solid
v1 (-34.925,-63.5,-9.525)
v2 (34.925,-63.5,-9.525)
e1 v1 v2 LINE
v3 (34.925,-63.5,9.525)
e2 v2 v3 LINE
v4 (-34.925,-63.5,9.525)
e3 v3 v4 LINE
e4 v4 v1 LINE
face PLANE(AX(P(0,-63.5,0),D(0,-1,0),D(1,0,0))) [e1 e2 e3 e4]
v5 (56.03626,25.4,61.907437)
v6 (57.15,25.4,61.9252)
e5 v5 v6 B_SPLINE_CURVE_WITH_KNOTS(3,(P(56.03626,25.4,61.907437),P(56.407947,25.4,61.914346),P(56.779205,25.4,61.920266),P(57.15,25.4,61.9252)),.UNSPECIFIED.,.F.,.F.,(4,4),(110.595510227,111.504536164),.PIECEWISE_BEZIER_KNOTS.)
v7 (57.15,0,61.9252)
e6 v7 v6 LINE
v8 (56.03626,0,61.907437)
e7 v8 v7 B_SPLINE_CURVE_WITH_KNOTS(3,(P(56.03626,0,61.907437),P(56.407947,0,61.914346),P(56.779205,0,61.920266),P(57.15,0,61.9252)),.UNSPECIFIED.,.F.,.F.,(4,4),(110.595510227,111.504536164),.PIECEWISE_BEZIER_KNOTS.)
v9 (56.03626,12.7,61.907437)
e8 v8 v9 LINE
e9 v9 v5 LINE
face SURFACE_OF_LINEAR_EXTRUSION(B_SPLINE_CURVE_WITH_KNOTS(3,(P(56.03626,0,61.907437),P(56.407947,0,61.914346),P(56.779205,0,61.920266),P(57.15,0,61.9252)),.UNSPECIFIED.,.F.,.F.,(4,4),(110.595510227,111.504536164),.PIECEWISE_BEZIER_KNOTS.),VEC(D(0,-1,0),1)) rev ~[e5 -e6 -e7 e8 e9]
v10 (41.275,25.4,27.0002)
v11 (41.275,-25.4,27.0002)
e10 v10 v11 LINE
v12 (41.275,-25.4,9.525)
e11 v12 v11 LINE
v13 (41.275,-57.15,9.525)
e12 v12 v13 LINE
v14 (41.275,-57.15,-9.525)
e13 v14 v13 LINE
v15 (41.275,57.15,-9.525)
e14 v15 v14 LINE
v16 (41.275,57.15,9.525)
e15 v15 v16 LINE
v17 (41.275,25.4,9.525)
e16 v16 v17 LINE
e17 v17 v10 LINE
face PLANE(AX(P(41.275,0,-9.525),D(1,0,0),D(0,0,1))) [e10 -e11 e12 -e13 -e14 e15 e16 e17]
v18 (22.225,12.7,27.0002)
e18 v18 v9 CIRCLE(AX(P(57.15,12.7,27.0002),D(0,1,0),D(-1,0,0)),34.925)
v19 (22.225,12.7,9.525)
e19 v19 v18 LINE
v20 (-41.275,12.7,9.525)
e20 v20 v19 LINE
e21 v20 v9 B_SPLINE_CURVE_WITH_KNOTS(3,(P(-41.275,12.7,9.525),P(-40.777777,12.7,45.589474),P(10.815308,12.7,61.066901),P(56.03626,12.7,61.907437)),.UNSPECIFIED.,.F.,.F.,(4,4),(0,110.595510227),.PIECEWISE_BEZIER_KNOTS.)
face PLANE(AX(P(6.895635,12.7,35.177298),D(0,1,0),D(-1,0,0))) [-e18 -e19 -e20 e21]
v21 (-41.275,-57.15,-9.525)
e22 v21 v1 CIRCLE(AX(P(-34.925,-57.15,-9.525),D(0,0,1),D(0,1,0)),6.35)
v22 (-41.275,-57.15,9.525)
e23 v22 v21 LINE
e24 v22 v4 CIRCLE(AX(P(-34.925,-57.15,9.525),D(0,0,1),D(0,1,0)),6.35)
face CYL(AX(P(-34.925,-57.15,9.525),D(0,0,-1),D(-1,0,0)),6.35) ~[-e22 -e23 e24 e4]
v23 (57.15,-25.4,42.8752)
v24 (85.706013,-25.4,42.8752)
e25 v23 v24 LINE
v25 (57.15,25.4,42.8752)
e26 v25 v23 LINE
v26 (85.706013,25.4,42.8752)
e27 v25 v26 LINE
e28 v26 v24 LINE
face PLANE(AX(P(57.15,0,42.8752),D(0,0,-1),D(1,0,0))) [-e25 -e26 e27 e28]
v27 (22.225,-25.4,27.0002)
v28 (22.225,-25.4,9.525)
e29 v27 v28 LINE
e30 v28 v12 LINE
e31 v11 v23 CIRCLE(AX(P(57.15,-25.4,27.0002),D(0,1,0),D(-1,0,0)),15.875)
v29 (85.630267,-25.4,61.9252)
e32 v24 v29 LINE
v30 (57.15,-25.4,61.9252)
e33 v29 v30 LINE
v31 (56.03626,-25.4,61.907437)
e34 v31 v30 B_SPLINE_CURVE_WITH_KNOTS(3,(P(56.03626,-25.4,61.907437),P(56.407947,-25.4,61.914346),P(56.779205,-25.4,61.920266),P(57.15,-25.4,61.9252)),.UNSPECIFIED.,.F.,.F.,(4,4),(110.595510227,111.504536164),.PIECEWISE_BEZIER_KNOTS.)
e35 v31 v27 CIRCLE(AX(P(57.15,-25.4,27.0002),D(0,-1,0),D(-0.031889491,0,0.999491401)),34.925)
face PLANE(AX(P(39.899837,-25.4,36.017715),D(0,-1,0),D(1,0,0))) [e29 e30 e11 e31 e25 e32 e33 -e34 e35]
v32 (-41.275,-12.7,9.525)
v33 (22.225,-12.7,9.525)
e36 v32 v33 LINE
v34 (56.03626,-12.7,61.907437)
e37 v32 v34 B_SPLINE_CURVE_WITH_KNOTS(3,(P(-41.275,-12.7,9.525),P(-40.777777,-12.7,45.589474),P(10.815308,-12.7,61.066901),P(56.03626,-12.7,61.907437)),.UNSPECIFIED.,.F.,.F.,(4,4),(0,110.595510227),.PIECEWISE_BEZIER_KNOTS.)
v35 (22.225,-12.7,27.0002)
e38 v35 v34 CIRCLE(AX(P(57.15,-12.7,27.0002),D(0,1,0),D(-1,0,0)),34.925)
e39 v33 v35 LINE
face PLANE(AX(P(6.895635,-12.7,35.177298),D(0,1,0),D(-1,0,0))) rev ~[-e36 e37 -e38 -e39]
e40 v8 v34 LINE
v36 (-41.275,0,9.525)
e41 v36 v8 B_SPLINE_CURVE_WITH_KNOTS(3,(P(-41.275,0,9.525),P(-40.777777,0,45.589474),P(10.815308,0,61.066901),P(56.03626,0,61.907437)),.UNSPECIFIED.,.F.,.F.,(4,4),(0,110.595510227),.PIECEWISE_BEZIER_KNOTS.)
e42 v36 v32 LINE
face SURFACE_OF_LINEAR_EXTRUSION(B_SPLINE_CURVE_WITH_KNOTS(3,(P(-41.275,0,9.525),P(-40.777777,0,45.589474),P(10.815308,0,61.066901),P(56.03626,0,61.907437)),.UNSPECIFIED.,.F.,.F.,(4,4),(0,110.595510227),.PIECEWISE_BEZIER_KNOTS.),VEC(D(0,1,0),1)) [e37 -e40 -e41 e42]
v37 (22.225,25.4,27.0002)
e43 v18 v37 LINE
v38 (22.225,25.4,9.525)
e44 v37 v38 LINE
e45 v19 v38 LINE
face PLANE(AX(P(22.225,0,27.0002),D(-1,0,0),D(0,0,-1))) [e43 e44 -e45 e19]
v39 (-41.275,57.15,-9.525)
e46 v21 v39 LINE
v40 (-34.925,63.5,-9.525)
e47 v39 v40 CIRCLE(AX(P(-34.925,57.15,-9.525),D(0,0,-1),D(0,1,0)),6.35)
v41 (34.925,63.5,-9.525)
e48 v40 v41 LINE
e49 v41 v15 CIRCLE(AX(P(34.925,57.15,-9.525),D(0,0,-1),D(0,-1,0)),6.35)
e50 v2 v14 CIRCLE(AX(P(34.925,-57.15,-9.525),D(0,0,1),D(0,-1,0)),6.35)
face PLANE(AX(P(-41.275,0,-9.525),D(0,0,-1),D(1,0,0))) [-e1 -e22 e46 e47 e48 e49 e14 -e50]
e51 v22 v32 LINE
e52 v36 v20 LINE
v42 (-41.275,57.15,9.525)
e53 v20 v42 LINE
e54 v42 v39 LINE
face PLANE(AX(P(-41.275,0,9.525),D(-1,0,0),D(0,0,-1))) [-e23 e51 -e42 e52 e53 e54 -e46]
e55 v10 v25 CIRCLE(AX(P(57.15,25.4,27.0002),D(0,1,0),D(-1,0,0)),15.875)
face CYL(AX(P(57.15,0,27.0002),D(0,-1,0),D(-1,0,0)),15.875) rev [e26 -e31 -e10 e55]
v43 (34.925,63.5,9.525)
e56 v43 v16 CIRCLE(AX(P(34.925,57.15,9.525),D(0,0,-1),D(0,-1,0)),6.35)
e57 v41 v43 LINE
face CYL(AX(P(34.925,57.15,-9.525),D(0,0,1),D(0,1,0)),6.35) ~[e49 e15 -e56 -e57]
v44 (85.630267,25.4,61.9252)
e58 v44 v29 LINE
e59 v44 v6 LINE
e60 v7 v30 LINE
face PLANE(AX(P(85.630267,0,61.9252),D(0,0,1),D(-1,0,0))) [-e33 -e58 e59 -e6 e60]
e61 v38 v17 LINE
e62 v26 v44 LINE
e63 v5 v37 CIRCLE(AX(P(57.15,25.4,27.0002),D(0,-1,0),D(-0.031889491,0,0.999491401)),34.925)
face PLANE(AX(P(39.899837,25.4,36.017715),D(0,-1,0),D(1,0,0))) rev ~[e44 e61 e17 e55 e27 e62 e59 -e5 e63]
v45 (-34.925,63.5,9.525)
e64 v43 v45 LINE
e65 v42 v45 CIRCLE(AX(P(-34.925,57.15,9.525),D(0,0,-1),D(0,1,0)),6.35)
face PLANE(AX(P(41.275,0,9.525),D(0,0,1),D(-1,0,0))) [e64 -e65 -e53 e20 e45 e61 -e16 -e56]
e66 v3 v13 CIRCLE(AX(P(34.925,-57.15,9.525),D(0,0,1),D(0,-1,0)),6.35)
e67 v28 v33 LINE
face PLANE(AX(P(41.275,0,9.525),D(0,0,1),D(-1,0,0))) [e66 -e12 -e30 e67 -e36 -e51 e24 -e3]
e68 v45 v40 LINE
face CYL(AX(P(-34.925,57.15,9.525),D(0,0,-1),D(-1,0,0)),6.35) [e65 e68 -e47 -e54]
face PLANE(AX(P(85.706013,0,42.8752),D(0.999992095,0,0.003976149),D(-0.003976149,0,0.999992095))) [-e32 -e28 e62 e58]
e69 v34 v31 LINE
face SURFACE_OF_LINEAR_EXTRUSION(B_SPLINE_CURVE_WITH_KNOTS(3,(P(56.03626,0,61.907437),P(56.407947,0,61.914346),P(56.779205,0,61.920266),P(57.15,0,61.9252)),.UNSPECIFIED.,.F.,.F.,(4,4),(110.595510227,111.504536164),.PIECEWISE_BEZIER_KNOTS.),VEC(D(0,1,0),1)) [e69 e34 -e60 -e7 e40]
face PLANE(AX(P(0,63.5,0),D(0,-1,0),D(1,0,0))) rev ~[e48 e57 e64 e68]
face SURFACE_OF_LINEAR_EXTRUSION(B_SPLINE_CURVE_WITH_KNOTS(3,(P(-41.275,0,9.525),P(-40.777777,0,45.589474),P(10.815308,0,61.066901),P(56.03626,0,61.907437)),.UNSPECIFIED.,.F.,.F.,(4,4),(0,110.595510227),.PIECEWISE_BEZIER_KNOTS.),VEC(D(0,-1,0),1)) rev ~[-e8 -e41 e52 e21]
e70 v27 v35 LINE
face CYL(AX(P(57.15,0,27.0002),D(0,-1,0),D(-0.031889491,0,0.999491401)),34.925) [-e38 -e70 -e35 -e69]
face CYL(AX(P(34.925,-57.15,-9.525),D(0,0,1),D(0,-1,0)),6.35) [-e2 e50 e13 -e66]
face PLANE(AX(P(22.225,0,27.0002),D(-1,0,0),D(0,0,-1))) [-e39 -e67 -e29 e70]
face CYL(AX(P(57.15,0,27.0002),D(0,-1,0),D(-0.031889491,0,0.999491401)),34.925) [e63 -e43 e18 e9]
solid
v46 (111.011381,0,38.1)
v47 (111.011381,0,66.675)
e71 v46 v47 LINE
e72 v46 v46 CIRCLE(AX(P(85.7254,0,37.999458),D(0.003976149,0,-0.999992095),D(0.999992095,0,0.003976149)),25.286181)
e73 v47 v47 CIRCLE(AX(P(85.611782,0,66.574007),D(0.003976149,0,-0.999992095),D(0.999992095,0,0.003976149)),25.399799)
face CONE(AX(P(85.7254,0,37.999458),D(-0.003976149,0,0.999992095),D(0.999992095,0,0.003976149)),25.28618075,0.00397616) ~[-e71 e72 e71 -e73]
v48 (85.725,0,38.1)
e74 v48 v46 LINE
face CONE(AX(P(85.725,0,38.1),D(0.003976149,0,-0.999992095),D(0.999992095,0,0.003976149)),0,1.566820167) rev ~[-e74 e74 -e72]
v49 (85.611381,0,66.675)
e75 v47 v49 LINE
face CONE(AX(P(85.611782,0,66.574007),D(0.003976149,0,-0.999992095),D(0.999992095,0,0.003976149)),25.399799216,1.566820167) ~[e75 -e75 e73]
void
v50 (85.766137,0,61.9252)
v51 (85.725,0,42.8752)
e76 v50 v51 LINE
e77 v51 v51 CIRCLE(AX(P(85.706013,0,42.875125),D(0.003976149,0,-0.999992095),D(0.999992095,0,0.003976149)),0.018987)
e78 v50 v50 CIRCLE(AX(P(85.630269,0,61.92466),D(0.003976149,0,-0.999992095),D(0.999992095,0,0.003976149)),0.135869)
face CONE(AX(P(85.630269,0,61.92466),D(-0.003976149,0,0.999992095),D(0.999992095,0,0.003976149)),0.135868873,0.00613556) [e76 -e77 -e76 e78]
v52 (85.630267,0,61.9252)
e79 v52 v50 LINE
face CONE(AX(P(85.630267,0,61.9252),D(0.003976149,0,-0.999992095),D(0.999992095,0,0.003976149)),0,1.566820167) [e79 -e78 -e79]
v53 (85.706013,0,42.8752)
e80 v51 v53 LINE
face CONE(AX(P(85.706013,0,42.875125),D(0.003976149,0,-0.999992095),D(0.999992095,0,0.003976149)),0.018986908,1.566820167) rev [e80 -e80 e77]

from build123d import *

# Parameters (mm, degrees)
F1_DEPTH = 63.5
F2_DEPTH = 25.4
F3_DEPTH = 12.7
F5_R     = 6.35


with BuildPart() as f1:
    # F0 (on Front) → F1 (new body, symmetric)
    with BuildSketch(Plane.XZ):
        Polygon((-41.275, -9.525), (41.275, -9.525), (41.275, 9.525), (22.225, 9.525), (-41.275, 9.525), align=None)
    extrude(amount=F1_DEPTH, both=True)

    # F0 (on Front) → F2 (join, symmetric)
    with BuildSketch(Plane.XZ):
        with BuildLine():
            Line((22.225, 9.525), (41.275, 9.525))
            Line((41.275, 9.525), (41.275, 27.0002))
            ThreePointArc((41.275, 27.0002), (45.9246798487, 38.2255201513), (57.15, 42.8752))
            Line((57.15, 42.8752), (60.2113806367, 42.8752))
            Line((60.2113806367, 42.8752), (60.2113806367, 61.9252))
            Line((60.2113806367, 61.9252), (57.15, 61.9252))
            add(Edge.make_bspline(
                [(56.0362595427, 61.907437175), (56.4079474882, 61.9143458561), (56.7792049443, 61.9202656965), (57.15, 61.9252)],
                knots=[110.5955102267, 110.5955102267, 110.5955102267, 110.5955102267, 111.5045361635, 111.5045361635, 111.5045361635, 111.5045361635], degree=3))
            ThreePointArc((56.0362595427, 61.907437175), (32.0636191284, 51.298947288), (22.225, 27.0002))
            Line((22.225, 27.0002), (22.225, 9.525))
        make_face()
        Polygon((60.2113806367, 61.9252), (60.2113806367, 42.8752), (85.706012942, 42.8752), (85.6302666997, 61.9252), align=None)
    extrude(amount=F2_DEPTH, both=True)

    # F0 (on Front) → F3 (join, symmetric)
    with BuildSketch(Plane.XZ):
        with BuildLine():
            add(Edge.make_bspline(
                [(-41.275, 9.525), (-40.7777766122, 45.5894744697), (10.8153078523, 61.0669010776), (56.0362595427, 61.907437175)],
                knots=[0, 0, 0, 0, 110.5955102267, 110.5955102267, 110.5955102267, 110.5955102267], degree=3))
            Line((-41.275, 9.525), (22.225, 9.525))
            Line((22.225, 9.525), (22.225, 27.0002))
            ThreePointArc((22.225, 27.0002), (32.0636191284, 51.298947288), (56.0362595427, 61.907437175))
        make_face()
    extrude(amount=F3_DEPTH, both=True)

    # F5
    f5_edges = [f1.edges().sort_by_distance(p)[0] for p in [
        (41.275, -63.5, 0),
        (-41.275, -63.5, 0),
        (41.275, 63.5, 0),
        (-41.275, 63.5, 0),
    ]]
    fillet(f5_edges, radius=F5_R)


with BuildPart() as f4:
    # F0 (on Front) → F4 (revolve)
    with BuildSketch(Plane.XZ):
        Polygon((85.725, 42.8752), (85.706012942, 42.8752), (85.725, 38.1), (111.0113806367, 38.1), (111.0113806367, 66.675), (85.6113806367, 66.675), (85.6302666997, 61.9252), (85.7661366463, 61.9252), align=None)
    revolve(axis=Axis((85.6681903183, 0, 52.3875), (0.0039761493, 0, -0.9999920951)))


solid = Compound([f1.part, f4.part])
